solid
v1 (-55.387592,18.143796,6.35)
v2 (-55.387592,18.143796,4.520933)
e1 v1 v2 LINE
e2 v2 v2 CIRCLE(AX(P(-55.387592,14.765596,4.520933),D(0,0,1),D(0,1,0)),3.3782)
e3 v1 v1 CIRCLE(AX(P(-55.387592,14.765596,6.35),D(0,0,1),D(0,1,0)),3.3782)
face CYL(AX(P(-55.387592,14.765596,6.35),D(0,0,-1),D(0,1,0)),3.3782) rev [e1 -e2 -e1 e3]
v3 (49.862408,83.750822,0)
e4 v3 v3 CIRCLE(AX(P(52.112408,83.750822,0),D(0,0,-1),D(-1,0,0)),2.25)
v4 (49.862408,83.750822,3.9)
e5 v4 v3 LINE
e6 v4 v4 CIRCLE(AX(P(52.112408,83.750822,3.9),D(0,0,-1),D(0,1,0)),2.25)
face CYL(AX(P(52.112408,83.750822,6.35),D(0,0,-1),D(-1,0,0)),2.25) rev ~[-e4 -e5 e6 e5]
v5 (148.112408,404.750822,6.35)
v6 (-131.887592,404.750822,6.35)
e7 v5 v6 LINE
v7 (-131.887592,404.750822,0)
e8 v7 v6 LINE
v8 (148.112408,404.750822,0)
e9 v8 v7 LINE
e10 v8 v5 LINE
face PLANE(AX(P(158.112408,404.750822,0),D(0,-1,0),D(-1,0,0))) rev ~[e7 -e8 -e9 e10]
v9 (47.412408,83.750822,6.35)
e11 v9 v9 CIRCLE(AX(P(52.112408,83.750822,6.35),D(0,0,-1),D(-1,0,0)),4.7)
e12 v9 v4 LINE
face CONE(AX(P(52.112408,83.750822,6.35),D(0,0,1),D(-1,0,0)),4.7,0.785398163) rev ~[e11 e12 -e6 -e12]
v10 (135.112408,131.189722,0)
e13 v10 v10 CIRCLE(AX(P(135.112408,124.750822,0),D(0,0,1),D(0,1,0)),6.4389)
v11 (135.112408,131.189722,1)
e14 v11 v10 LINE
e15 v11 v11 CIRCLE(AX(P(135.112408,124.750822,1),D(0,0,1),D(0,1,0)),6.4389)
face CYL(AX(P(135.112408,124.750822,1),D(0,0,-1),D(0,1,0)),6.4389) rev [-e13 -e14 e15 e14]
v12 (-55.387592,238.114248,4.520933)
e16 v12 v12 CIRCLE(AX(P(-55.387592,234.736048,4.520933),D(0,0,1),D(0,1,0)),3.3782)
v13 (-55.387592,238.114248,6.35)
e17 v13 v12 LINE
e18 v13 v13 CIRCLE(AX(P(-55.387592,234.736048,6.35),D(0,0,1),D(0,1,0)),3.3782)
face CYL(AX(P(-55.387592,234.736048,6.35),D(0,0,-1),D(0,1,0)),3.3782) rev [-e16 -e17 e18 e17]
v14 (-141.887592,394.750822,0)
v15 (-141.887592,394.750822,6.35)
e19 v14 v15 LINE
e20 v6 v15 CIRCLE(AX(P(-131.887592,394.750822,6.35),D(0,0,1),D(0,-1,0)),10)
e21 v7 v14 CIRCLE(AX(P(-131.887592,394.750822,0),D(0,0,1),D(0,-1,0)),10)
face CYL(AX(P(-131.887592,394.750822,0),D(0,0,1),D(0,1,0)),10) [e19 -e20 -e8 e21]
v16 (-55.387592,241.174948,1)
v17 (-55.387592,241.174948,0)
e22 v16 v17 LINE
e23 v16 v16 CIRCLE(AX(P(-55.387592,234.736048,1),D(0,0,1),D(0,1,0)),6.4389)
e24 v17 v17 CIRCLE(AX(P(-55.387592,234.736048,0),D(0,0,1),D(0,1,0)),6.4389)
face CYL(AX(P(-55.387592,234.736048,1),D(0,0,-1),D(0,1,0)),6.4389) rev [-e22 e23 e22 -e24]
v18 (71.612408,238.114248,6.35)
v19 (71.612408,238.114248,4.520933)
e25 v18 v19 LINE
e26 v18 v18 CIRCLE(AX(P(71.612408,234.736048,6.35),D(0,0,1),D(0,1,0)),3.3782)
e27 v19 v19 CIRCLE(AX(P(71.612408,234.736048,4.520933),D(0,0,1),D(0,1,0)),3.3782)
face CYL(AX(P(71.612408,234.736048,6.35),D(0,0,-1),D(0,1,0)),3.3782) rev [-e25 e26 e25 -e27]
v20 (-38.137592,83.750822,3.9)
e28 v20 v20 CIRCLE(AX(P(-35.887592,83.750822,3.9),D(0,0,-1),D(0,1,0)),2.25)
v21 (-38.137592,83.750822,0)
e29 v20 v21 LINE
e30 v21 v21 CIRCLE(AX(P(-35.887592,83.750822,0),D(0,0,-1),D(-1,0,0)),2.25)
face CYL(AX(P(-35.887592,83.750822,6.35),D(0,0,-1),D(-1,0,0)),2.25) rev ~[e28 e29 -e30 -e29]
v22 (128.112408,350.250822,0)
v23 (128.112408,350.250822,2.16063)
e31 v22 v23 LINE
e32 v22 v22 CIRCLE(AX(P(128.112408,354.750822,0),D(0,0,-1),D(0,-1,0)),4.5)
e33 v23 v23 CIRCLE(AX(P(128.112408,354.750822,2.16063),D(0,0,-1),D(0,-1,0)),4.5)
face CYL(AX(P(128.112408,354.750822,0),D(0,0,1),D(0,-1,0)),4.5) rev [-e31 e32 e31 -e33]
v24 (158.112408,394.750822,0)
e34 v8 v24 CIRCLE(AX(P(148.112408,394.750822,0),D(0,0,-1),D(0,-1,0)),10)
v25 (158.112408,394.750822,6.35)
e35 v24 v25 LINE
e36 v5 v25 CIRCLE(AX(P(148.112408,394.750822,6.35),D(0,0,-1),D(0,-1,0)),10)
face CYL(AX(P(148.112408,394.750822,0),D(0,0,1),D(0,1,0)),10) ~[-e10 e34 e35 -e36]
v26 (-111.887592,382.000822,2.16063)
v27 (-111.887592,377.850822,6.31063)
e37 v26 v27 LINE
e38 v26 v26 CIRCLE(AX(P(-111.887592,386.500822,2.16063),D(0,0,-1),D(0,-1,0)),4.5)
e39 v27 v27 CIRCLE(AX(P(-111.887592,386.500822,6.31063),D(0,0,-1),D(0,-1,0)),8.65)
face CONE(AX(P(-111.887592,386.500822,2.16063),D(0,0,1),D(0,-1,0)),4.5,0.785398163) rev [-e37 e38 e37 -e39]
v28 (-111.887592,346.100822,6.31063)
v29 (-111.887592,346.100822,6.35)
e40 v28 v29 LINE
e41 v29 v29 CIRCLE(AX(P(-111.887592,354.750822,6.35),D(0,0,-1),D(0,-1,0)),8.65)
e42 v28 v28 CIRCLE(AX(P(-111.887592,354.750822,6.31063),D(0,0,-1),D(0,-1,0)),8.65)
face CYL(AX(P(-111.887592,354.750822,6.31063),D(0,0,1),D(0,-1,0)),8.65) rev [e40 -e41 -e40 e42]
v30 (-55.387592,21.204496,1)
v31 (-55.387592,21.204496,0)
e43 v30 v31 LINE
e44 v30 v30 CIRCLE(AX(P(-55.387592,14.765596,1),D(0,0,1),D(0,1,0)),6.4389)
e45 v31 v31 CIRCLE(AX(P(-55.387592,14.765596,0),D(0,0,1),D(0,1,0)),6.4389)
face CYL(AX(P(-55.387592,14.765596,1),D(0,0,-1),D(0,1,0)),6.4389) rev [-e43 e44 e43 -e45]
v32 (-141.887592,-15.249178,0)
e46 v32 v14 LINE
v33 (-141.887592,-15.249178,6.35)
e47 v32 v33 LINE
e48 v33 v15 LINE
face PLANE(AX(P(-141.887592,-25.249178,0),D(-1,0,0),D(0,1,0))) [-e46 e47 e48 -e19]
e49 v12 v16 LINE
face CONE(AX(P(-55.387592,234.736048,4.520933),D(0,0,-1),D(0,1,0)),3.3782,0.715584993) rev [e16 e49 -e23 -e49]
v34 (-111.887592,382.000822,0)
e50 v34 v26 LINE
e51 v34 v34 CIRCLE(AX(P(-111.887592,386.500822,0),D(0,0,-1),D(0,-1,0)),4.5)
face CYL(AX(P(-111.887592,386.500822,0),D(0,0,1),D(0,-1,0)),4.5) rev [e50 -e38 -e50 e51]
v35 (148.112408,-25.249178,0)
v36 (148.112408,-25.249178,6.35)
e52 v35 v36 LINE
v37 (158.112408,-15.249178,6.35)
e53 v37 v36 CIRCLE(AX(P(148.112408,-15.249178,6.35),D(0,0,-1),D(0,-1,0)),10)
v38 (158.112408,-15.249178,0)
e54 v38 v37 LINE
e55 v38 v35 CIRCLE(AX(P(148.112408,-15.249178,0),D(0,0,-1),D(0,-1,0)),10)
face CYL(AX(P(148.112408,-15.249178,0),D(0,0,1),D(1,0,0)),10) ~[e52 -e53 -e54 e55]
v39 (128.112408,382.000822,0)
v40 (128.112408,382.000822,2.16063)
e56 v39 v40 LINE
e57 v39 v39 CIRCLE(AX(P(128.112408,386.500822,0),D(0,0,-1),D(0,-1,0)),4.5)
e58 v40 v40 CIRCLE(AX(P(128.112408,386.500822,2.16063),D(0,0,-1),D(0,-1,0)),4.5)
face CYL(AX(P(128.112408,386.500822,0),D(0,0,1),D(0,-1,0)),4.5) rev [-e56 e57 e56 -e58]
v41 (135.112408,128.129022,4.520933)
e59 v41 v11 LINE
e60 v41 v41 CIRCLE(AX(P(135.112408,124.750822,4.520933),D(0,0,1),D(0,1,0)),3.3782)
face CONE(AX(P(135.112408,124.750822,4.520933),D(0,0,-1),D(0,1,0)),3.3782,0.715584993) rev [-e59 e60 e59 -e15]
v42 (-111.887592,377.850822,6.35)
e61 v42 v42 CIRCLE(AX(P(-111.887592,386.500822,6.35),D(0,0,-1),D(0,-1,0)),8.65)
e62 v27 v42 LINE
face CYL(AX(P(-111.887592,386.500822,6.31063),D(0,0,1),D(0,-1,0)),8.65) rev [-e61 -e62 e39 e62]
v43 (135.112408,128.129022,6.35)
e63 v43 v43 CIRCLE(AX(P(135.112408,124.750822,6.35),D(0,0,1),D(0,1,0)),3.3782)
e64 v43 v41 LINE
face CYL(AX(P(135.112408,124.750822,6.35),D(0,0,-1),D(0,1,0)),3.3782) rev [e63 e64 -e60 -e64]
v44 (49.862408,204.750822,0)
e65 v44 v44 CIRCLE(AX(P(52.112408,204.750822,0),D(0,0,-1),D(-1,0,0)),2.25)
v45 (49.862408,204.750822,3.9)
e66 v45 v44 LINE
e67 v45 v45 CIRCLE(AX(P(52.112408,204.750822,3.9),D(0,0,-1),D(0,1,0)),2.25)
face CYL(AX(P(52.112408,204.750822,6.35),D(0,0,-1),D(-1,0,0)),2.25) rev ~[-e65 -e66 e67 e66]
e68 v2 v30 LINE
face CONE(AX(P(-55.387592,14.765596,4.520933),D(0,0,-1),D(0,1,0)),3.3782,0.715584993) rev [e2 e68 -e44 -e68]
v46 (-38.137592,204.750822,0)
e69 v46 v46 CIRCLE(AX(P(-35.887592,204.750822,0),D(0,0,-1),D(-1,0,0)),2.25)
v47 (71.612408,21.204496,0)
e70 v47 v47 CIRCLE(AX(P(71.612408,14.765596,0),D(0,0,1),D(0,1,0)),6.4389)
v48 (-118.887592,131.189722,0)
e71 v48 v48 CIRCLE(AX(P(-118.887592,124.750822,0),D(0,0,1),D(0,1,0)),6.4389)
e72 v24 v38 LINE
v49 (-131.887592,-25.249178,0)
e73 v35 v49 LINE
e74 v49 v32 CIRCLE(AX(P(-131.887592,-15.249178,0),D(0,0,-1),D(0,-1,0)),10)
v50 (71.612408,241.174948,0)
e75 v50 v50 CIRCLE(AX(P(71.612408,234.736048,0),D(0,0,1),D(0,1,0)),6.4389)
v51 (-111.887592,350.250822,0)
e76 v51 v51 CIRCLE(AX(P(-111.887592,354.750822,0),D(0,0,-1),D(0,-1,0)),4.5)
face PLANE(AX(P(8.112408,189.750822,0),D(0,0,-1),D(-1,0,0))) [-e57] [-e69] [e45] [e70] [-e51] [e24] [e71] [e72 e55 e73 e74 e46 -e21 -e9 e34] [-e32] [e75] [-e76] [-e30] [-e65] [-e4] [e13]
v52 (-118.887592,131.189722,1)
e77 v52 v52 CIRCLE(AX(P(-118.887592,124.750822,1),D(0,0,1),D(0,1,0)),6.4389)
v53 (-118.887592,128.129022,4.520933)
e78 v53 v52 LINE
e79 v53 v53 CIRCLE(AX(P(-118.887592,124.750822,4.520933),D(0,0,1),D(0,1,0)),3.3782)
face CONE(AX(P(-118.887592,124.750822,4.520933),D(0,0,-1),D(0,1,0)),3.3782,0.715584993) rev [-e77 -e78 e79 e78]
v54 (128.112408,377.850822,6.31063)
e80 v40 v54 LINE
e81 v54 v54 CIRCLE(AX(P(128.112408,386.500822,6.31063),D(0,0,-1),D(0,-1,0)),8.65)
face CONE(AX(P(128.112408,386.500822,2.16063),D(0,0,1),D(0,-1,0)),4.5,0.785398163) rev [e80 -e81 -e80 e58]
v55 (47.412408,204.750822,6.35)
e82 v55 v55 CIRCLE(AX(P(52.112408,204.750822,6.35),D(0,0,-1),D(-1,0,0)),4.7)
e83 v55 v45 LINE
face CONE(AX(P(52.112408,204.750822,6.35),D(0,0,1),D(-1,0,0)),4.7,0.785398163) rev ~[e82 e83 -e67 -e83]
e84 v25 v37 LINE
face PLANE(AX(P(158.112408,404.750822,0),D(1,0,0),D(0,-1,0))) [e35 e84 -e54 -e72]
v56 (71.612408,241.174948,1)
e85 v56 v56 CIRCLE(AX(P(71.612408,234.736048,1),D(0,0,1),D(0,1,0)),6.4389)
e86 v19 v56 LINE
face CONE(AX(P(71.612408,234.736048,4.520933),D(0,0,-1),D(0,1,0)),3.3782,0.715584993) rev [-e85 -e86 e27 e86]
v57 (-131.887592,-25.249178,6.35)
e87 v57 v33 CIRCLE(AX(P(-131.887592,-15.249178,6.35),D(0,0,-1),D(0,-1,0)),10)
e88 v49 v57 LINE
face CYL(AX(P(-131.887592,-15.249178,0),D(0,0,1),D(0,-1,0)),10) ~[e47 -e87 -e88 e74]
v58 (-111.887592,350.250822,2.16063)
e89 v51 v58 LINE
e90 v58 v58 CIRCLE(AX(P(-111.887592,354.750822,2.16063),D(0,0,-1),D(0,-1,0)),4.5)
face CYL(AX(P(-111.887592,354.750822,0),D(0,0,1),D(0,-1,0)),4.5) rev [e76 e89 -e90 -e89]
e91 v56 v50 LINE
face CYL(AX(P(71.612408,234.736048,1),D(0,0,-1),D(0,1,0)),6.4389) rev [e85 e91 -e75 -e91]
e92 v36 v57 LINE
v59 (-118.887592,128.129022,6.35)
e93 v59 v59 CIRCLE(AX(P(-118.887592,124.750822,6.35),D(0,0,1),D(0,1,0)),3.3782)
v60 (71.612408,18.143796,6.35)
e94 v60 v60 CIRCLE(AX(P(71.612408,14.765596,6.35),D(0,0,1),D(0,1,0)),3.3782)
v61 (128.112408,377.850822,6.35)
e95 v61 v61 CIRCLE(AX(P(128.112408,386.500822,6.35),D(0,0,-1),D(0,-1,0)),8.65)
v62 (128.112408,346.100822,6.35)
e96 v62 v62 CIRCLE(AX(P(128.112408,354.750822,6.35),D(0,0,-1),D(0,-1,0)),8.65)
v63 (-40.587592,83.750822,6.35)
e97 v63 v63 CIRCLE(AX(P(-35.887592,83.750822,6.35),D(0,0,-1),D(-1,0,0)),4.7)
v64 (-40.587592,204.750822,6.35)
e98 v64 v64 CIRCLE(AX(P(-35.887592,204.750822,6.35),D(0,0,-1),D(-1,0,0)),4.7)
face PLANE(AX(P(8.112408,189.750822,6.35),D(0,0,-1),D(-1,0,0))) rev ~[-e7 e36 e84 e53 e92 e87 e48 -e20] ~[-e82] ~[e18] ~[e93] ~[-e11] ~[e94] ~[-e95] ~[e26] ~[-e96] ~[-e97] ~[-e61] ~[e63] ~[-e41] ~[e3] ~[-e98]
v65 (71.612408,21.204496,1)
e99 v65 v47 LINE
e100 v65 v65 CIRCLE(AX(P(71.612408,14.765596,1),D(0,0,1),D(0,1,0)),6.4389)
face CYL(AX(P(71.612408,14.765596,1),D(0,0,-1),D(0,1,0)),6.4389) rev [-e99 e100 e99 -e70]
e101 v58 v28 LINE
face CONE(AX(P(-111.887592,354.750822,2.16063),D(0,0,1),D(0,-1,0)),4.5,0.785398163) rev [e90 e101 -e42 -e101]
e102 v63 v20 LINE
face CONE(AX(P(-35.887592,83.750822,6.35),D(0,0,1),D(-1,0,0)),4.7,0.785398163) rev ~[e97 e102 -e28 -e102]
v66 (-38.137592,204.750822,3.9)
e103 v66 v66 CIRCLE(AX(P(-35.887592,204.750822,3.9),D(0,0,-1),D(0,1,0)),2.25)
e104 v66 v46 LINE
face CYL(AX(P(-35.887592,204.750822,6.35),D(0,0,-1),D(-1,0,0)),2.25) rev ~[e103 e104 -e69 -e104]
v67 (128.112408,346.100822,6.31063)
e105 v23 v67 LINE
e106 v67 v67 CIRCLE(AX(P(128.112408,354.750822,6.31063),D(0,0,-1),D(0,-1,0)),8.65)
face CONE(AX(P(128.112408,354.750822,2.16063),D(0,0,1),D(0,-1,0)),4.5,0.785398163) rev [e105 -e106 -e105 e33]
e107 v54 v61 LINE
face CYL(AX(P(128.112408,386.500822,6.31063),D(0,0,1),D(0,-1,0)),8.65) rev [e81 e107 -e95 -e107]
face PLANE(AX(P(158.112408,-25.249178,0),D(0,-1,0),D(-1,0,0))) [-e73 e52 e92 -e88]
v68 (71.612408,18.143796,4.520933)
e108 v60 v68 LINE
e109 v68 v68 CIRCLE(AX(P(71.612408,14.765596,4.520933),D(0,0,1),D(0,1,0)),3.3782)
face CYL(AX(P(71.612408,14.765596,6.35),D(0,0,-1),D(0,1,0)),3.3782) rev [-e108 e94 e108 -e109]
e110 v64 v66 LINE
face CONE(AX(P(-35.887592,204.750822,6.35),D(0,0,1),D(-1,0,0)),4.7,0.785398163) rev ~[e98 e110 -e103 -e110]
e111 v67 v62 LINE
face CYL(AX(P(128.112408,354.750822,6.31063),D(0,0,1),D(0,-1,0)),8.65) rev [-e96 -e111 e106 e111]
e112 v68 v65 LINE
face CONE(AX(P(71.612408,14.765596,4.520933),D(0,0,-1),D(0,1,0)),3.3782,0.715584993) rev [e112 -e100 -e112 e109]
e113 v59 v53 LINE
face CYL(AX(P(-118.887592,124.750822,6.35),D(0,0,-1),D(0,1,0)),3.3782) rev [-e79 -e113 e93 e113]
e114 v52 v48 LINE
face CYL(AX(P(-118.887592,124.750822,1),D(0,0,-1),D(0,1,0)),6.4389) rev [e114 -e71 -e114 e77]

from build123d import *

# Parameters (mm, degrees)
BOSS_EXTRUDE1_DEPTH                             = 6.35
FILLET1_R                                       = 10
CSK_FOR_1_4_FLAT_HEAD_MACHINE_SCREW2_AT_COUNT   = 2
CSK_FOR_1_4_FLAT_HEAD_MACHINE_SCREW2_AT_PITCH   = 127
CSK_FOR_1_4_FLAT_HEAD_MACHINE_SCREW2_2_COUNT    = 2
CSK_FOR_1_4_FLAT_HEAD_MACHINE_SCREW2_2_PITCH    = 219.970452561
CSK_FOR_1_4_FLAT_HEAD_MACHINE_SCREW2_3_COUNT    = 2
CSK_FOR_1_4_FLAT_HEAD_MACHINE_SCREW2_3_PITCH    = 127
CSK_FOR_1_4_FLAT_HEAD_MACHINE_SCREW2_4_COUNT    = 2
CSK_FOR_1_4_FLAT_HEAD_MACHINE_SCREW2_4_PITCH    = 219.970452561
CSK_FOR_1_4_FLAT_HEAD_MACHINE_SCREW2_5_COUNT    = 2
CSK_FOR_1_4_FLAT_HEAD_MACHINE_SCREW2_5_PITCH    = 254
CSK_FOR_M8_FLAT_HEAD_MACHINE_SCREW3_AT_2_COUNT  = 2
CSK_FOR_M8_FLAT_HEAD_MACHINE_SCREW3_AT_2_PITCH  = 31.75
CSK_FOR_M8_FLAT_HEAD_MACHINE_SCREW3_AT_3_COUNT  = 2
CSK_FOR_M8_FLAT_HEAD_MACHINE_SCREW3_AT_3_PITCH  = 240
CSK_FOR_M8_FLAT_HEAD_MACHINE_SCREW3_AT_4_COUNT  = 2
CSK_FOR_M8_FLAT_HEAD_MACHINE_SCREW3_AT_4_PITCH  = 242.091021106
CSK_FOR_M4_FLAT_HEAD_MACHINE_SCREW1_D           = 4.5
CSK_FOR_M4_FLAT_HEAD_MACHINE_SCREW1_CSINK_D     = 9.4
CSK_FOR_M4_FLAT_HEAD_MACHINE_SCREW1_CSINK_ANGLE = 90


with BuildPart() as part:
    # Sketch1 → Boss-Extrude1 (new body)
    with BuildSketch(Plane.XY):
        Polygon((-51.407315296, 404.750822008), (158.112408435, 404.750822008), (158.112408435, -25.249177992), (-141.887591565, -25.249177992), (-141.887591565, 404.750822008), align=None)
    extrude(amount=BOSS_EXTRUDE1_DEPTH)

    # Fillet1
    fillet1_edges = [part.edges().sort_by_distance(p)[0] for p in [
        (158.112408435, 404.750822008, 3.175),
        (158.112408435, -25.249177992, 3.175),
        (-141.887591565, -25.249177992, 3.175),
        (-141.887591565, 404.750822008, 3.175),
    ]]
    fillet(fillet1_edges, radius=FILLET1_R)

    # Sketch18 → CSK for 1/4 Flat Head Machine Screw2 (revolve, cut)
    with BuildSketch(Plane(origin=(-55.387591565, 234.736048288, 0), x_dir=(0, 1, 0), z_dir=(1, 0, 0))):
        Polygon((0, 0), (0, 6.35), (3.3782, 6.35), (3.3782, 4.520932584), (6.4389, 1), (6.4389, 0), align=None)
    csk_for_1_4_flat_head_machine_screw2 = revolve(axis=Axis((-55.387591565, 234.736048288, -6.35), (0, 0, 1)), mode=Mode.SUBTRACT)

    # CSK for 1/4 Flat Head Machine Screw2 at: CSK for 1/4 Flat Head Machine Screw2 ×2
    with Locations(*[(i * CSK_FOR_1_4_FLAT_HEAD_MACHINE_SCREW2_AT_PITCH, 0, 0) for i in range(1, CSK_FOR_1_4_FLAT_HEAD_MACHINE_SCREW2_AT_COUNT)]):
        add(csk_for_1_4_flat_head_machine_screw2, mode=Mode.SUBTRACT)

    # CSK for 1_4 Flat Head Machine Screw2 2: CSK for 1/4 Flat Head Machine Screw2 ×2
    with Locations(*[Vector(0.8660254037844397, -0.49999999999999817, 0) * (i * CSK_FOR_1_4_FLAT_HEAD_MACHINE_SCREW2_2_PITCH) for i in range(1, CSK_FOR_1_4_FLAT_HEAD_MACHINE_SCREW2_2_COUNT)]):
        add(csk_for_1_4_flat_head_machine_screw2, mode=Mode.SUBTRACT)

    # CSK for 1_4 Flat Head Machine Screw2 3: CSK for 1/4 Flat Head Machine Screw2 ×2
    with Locations(*[Vector(-0.49999999999999784, -0.8660254037844399, 0) * (i * CSK_FOR_1_4_FLAT_HEAD_MACHINE_SCREW2_3_PITCH) for i in range(1, CSK_FOR_1_4_FLAT_HEAD_MACHINE_SCREW2_3_COUNT)]):
        add(csk_for_1_4_flat_head_machine_screw2, mode=Mode.SUBTRACT)

    # CSK for 1_4 Flat Head Machine Screw2 4: CSK for 1/4 Flat Head Machine Screw2 ×2
    with Locations(*[(0, -i * CSK_FOR_1_4_FLAT_HEAD_MACHINE_SCREW2_4_PITCH, 0) for i in range(1, CSK_FOR_1_4_FLAT_HEAD_MACHINE_SCREW2_4_COUNT)]):
        add(csk_for_1_4_flat_head_machine_screw2, mode=Mode.SUBTRACT)

    # CSK for 1_4 Flat Head Machine Screw2 5: CSK for 1/4 Flat Head Machine Screw2 ×2
    with Locations(*[Vector(0.5000000000000014, -0.8660254037844379, 0) * (i * CSK_FOR_1_4_FLAT_HEAD_MACHINE_SCREW2_5_PITCH) for i in range(1, CSK_FOR_1_4_FLAT_HEAD_MACHINE_SCREW2_5_COUNT)]):
        add(csk_for_1_4_flat_head_machine_screw2, mode=Mode.SUBTRACT)

    # Sketch28 → CSK for M8 Flat Head Machine Screw3 (revolve, cut)
    with BuildSketch(Plane(origin=(-111.887591565, 386.500822008, 6.35), x_dir=(0, -1, 0), z_dir=(1, 0, 0))):
        Polygon((0, 0), (0, 6.35), (4.5, 6.35), (4.5, 4.189370079), (8.65, 0.039370079), (8.65, 0), align=None)
    csk_for_m8_flat_head_machine_screw3 = revolve(axis=Axis((-111.887591565, 386.500822008, 12.7), (0, 0, -1)), mode=Mode.SUBTRACT)

    # CSK for M8 Flat Head Machine Screw3 at 2: CSK for M8 Flat Head Machine Screw3 ×2
    with Locations(*[(0, -i * CSK_FOR_M8_FLAT_HEAD_MACHINE_SCREW3_AT_2_PITCH, 0) for i in range(1, CSK_FOR_M8_FLAT_HEAD_MACHINE_SCREW3_AT_2_COUNT)]):
        add(csk_for_m8_flat_head_machine_screw3, mode=Mode.SUBTRACT)

    # CSK for M8 Flat Head Machine Screw3 at 3: CSK for M8 Flat Head Machine Screw3 ×2
    with Locations(*[(i * CSK_FOR_M8_FLAT_HEAD_MACHINE_SCREW3_AT_3_PITCH, 0, 0) for i in range(1, CSK_FOR_M8_FLAT_HEAD_MACHINE_SCREW3_AT_3_COUNT)]):
        add(csk_for_m8_flat_head_machine_screw3, mode=Mode.SUBTRACT)

    # CSK for M8 Flat Head Machine Screw3 at 4: CSK for M8 Flat Head Machine Screw3 ×2
    with Locations(*[Vector(0.9913626655951604, -0.13114901930269318, 0) * (i * CSK_FOR_M8_FLAT_HEAD_MACHINE_SCREW3_AT_4_PITCH) for i in range(1, CSK_FOR_M8_FLAT_HEAD_MACHINE_SCREW3_AT_4_COUNT)]):
        add(csk_for_m8_flat_head_machine_screw3, mode=Mode.SUBTRACT)

    # CSK for M4 Flat Head Machine Screw1 (through all)
    with Locations(Plane(origin=(-35.887591565, 204.750822008, 6.35), x_dir=(1, 0, 0), z_dir=(0, 0, 1))):
        with Locations((0, 0), (88, 0), (88, -121), (0, -121)):
            CounterSinkHole(CSK_FOR_M4_FLAT_HEAD_MACHINE_SCREW1_D / 2, CSK_FOR_M4_FLAT_HEAD_MACHINE_SCREW1_CSINK_D / 2, counter_sink_angle=CSK_FOR_M4_FLAT_HEAD_MACHINE_SCREW1_CSINK_ANGLE)


solid = part.part
